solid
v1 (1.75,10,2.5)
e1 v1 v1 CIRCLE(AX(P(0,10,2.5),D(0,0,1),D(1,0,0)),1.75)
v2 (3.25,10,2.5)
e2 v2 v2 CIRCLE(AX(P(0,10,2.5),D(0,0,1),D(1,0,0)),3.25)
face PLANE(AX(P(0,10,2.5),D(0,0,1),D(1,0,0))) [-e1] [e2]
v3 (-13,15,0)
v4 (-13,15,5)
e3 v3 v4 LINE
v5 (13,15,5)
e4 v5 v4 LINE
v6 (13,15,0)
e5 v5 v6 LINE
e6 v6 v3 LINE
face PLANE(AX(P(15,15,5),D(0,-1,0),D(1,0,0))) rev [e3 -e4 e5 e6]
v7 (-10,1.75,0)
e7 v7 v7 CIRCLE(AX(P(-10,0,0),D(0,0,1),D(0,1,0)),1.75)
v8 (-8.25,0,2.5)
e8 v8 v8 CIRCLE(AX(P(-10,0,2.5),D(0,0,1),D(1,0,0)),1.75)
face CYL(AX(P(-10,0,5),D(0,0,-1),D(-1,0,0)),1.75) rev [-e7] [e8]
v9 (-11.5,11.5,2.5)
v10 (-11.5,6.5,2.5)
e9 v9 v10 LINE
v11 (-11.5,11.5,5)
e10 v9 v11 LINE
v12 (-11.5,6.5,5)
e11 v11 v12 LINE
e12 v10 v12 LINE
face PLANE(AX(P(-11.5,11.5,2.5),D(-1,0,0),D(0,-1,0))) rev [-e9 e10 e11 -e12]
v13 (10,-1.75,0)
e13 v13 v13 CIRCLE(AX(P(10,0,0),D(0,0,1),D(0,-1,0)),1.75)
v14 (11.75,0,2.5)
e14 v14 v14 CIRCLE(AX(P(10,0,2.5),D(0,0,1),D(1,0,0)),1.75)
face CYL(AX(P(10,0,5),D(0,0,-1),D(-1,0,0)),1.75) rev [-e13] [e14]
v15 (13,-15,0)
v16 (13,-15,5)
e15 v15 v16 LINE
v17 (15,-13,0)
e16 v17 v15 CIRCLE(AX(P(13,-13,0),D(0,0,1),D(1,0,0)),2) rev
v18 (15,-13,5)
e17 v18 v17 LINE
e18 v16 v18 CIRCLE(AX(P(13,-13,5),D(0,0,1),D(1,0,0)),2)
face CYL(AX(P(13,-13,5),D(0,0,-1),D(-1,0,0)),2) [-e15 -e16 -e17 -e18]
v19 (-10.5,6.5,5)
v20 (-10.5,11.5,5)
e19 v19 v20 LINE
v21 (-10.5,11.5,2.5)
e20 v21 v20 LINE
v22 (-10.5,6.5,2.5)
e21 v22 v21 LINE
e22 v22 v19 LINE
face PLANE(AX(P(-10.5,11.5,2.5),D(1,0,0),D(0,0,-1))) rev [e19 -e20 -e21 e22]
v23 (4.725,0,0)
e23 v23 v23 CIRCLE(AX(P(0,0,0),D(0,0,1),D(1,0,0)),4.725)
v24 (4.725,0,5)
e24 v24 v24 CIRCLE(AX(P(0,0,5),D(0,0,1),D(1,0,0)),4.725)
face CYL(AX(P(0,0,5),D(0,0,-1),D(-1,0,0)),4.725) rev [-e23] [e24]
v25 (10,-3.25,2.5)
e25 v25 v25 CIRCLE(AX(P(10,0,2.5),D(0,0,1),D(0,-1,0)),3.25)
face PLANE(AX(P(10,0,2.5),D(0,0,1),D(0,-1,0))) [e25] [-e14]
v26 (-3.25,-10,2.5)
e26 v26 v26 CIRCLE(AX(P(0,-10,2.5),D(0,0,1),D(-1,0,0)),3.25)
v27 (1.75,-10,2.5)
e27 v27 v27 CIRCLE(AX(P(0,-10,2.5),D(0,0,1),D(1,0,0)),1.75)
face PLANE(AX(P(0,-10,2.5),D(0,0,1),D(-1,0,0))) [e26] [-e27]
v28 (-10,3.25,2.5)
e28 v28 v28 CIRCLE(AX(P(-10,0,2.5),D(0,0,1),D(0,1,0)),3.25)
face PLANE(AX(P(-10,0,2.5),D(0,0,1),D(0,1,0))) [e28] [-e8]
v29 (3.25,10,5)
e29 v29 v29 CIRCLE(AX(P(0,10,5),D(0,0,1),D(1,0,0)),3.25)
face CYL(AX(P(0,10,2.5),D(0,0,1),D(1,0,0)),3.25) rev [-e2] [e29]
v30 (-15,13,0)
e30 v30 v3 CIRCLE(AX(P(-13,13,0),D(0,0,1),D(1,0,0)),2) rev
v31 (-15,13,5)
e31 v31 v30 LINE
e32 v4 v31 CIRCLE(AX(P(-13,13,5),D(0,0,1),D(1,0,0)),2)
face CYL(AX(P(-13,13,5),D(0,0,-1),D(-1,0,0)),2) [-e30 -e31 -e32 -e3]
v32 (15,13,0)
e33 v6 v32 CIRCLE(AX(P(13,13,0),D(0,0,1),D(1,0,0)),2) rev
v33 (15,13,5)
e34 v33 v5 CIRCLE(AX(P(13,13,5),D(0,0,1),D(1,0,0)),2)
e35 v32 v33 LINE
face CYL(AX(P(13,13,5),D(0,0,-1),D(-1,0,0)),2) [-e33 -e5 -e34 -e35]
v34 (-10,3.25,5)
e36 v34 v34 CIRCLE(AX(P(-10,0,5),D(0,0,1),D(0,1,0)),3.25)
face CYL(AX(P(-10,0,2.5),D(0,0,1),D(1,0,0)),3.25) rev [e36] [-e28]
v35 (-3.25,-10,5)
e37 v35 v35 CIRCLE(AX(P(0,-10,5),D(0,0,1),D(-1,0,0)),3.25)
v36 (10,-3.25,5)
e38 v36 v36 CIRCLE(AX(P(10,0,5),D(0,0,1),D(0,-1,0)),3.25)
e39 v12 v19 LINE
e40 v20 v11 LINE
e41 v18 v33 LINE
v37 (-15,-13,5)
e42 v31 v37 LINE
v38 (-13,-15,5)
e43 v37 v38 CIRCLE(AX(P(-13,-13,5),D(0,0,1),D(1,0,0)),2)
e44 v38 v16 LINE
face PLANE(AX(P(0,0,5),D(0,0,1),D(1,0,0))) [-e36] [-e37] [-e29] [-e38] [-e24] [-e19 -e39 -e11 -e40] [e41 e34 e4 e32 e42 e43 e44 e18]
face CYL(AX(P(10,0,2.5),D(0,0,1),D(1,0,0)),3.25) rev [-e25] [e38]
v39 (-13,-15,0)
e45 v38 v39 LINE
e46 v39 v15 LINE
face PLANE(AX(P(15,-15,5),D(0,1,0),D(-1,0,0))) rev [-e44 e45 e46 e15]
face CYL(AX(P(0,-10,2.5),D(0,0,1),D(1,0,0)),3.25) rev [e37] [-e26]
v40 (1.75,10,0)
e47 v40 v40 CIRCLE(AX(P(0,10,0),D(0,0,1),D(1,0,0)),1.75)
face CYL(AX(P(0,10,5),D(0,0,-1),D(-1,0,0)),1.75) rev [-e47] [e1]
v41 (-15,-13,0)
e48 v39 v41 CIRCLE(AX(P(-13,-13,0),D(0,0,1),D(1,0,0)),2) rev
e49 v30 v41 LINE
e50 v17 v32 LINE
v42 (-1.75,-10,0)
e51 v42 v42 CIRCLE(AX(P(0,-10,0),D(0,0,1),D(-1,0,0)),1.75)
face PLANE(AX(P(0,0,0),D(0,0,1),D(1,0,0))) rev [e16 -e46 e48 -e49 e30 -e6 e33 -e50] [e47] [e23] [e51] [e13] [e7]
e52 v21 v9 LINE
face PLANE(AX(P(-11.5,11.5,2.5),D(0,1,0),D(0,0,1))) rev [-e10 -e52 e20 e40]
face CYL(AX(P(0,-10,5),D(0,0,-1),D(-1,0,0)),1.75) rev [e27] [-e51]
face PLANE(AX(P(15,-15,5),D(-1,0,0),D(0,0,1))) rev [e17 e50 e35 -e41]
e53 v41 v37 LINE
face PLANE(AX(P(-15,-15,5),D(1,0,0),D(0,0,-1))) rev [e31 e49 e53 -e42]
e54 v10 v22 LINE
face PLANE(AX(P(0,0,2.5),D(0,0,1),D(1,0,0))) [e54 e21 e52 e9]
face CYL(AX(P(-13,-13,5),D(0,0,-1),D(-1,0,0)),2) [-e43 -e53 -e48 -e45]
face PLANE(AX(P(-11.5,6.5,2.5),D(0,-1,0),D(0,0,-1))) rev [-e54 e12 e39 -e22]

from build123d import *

# Parameters (mm, degrees)
SKETCH1_W           = 30
SKETCH1_H           = 30
SKETCH1_R           = 4.725
BOSS_EXTRUDE1_DEPTH = 5
FILLET1_R           = 2
SKETCH2_R           = 1.75
CUT_EXTRUDE1_DEPTH  = 22.794494718
CIRPATTERN1_COUNT   = 4
SKETCH3_R           = 3.25
CUT_EXTRUDE2_DEPTH  = 2.5
CIRPATTERN2_COUNT   = 4
SKETCH4_W           = 1
SKETCH4_H           = 5
CUT_EXTRUDE3_DEPTH  = 2.5


with BuildPart() as part:
    # Sketch1 → Boss-Extrude1 (new body)
    with BuildSketch(Plane.XY):
        Rectangle(SKETCH1_W, SKETCH1_H)
        Circle(SKETCH1_R, mode=Mode.SUBTRACT)
    extrude(amount=BOSS_EXTRUDE1_DEPTH)

    # Fillet1
    fillet1_edges = [part.edges().sort_by_distance(p)[0] for p in [
        (-15, 15, 2.5),
        (15, 15, 2.5),
        (15, -15, 2.5),
        (-15, -15, 2.5),
    ]]
    fillet(fillet1_edges, radius=FILLET1_R)

    # Sketch2 → Cut-Extrude1 (cut, symmetric)
    with BuildSketch(Plane.XY):
        with Locations((0, 10)):
            Circle(SKETCH2_R)
    cut_extrude1 = extrude(amount=CUT_EXTRUDE1_DEPTH, both=True, mode=Mode.SUBTRACT)

    # CirPattern1: Cut-Extrude1 ×4 about axis
    cirpattern1_axis = Axis((0, 0, 0), (0, 0, 1))
    for i in range(1, CIRPATTERN1_COUNT):
        add(cut_extrude1.rotate(cirpattern1_axis, i * 360 / CIRPATTERN1_COUNT), mode=Mode.SUBTRACT)

    # Sketch3 → Cut-Extrude2 (cut)
    with BuildSketch(Plane.XY.offset(5)):
        with Locations((0, 10)):
            Circle(SKETCH3_R)
    cut_extrude2 = extrude(amount=-CUT_EXTRUDE2_DEPTH, mode=Mode.SUBTRACT)

    # CirPattern2: Cut-Extrude2 ×4 about axis
    cirpattern2_axis = Axis((0, 0, 0), (0, 0, 1))
    for i in range(1, CIRPATTERN2_COUNT):
        add(cut_extrude2.rotate(cirpattern2_axis, i * 360 / CIRPATTERN2_COUNT), mode=Mode.SUBTRACT)

    # Sketch4 → Cut-Extrude3 (cut)
    with BuildSketch(Plane.XY.offset(5)):
        with Locations((-11, 9)):
            Rectangle(SKETCH4_W, SKETCH4_H)
    extrude(amount=-CUT_EXTRUDE3_DEPTH, mode=Mode.SUBTRACT)


solid = part.part
